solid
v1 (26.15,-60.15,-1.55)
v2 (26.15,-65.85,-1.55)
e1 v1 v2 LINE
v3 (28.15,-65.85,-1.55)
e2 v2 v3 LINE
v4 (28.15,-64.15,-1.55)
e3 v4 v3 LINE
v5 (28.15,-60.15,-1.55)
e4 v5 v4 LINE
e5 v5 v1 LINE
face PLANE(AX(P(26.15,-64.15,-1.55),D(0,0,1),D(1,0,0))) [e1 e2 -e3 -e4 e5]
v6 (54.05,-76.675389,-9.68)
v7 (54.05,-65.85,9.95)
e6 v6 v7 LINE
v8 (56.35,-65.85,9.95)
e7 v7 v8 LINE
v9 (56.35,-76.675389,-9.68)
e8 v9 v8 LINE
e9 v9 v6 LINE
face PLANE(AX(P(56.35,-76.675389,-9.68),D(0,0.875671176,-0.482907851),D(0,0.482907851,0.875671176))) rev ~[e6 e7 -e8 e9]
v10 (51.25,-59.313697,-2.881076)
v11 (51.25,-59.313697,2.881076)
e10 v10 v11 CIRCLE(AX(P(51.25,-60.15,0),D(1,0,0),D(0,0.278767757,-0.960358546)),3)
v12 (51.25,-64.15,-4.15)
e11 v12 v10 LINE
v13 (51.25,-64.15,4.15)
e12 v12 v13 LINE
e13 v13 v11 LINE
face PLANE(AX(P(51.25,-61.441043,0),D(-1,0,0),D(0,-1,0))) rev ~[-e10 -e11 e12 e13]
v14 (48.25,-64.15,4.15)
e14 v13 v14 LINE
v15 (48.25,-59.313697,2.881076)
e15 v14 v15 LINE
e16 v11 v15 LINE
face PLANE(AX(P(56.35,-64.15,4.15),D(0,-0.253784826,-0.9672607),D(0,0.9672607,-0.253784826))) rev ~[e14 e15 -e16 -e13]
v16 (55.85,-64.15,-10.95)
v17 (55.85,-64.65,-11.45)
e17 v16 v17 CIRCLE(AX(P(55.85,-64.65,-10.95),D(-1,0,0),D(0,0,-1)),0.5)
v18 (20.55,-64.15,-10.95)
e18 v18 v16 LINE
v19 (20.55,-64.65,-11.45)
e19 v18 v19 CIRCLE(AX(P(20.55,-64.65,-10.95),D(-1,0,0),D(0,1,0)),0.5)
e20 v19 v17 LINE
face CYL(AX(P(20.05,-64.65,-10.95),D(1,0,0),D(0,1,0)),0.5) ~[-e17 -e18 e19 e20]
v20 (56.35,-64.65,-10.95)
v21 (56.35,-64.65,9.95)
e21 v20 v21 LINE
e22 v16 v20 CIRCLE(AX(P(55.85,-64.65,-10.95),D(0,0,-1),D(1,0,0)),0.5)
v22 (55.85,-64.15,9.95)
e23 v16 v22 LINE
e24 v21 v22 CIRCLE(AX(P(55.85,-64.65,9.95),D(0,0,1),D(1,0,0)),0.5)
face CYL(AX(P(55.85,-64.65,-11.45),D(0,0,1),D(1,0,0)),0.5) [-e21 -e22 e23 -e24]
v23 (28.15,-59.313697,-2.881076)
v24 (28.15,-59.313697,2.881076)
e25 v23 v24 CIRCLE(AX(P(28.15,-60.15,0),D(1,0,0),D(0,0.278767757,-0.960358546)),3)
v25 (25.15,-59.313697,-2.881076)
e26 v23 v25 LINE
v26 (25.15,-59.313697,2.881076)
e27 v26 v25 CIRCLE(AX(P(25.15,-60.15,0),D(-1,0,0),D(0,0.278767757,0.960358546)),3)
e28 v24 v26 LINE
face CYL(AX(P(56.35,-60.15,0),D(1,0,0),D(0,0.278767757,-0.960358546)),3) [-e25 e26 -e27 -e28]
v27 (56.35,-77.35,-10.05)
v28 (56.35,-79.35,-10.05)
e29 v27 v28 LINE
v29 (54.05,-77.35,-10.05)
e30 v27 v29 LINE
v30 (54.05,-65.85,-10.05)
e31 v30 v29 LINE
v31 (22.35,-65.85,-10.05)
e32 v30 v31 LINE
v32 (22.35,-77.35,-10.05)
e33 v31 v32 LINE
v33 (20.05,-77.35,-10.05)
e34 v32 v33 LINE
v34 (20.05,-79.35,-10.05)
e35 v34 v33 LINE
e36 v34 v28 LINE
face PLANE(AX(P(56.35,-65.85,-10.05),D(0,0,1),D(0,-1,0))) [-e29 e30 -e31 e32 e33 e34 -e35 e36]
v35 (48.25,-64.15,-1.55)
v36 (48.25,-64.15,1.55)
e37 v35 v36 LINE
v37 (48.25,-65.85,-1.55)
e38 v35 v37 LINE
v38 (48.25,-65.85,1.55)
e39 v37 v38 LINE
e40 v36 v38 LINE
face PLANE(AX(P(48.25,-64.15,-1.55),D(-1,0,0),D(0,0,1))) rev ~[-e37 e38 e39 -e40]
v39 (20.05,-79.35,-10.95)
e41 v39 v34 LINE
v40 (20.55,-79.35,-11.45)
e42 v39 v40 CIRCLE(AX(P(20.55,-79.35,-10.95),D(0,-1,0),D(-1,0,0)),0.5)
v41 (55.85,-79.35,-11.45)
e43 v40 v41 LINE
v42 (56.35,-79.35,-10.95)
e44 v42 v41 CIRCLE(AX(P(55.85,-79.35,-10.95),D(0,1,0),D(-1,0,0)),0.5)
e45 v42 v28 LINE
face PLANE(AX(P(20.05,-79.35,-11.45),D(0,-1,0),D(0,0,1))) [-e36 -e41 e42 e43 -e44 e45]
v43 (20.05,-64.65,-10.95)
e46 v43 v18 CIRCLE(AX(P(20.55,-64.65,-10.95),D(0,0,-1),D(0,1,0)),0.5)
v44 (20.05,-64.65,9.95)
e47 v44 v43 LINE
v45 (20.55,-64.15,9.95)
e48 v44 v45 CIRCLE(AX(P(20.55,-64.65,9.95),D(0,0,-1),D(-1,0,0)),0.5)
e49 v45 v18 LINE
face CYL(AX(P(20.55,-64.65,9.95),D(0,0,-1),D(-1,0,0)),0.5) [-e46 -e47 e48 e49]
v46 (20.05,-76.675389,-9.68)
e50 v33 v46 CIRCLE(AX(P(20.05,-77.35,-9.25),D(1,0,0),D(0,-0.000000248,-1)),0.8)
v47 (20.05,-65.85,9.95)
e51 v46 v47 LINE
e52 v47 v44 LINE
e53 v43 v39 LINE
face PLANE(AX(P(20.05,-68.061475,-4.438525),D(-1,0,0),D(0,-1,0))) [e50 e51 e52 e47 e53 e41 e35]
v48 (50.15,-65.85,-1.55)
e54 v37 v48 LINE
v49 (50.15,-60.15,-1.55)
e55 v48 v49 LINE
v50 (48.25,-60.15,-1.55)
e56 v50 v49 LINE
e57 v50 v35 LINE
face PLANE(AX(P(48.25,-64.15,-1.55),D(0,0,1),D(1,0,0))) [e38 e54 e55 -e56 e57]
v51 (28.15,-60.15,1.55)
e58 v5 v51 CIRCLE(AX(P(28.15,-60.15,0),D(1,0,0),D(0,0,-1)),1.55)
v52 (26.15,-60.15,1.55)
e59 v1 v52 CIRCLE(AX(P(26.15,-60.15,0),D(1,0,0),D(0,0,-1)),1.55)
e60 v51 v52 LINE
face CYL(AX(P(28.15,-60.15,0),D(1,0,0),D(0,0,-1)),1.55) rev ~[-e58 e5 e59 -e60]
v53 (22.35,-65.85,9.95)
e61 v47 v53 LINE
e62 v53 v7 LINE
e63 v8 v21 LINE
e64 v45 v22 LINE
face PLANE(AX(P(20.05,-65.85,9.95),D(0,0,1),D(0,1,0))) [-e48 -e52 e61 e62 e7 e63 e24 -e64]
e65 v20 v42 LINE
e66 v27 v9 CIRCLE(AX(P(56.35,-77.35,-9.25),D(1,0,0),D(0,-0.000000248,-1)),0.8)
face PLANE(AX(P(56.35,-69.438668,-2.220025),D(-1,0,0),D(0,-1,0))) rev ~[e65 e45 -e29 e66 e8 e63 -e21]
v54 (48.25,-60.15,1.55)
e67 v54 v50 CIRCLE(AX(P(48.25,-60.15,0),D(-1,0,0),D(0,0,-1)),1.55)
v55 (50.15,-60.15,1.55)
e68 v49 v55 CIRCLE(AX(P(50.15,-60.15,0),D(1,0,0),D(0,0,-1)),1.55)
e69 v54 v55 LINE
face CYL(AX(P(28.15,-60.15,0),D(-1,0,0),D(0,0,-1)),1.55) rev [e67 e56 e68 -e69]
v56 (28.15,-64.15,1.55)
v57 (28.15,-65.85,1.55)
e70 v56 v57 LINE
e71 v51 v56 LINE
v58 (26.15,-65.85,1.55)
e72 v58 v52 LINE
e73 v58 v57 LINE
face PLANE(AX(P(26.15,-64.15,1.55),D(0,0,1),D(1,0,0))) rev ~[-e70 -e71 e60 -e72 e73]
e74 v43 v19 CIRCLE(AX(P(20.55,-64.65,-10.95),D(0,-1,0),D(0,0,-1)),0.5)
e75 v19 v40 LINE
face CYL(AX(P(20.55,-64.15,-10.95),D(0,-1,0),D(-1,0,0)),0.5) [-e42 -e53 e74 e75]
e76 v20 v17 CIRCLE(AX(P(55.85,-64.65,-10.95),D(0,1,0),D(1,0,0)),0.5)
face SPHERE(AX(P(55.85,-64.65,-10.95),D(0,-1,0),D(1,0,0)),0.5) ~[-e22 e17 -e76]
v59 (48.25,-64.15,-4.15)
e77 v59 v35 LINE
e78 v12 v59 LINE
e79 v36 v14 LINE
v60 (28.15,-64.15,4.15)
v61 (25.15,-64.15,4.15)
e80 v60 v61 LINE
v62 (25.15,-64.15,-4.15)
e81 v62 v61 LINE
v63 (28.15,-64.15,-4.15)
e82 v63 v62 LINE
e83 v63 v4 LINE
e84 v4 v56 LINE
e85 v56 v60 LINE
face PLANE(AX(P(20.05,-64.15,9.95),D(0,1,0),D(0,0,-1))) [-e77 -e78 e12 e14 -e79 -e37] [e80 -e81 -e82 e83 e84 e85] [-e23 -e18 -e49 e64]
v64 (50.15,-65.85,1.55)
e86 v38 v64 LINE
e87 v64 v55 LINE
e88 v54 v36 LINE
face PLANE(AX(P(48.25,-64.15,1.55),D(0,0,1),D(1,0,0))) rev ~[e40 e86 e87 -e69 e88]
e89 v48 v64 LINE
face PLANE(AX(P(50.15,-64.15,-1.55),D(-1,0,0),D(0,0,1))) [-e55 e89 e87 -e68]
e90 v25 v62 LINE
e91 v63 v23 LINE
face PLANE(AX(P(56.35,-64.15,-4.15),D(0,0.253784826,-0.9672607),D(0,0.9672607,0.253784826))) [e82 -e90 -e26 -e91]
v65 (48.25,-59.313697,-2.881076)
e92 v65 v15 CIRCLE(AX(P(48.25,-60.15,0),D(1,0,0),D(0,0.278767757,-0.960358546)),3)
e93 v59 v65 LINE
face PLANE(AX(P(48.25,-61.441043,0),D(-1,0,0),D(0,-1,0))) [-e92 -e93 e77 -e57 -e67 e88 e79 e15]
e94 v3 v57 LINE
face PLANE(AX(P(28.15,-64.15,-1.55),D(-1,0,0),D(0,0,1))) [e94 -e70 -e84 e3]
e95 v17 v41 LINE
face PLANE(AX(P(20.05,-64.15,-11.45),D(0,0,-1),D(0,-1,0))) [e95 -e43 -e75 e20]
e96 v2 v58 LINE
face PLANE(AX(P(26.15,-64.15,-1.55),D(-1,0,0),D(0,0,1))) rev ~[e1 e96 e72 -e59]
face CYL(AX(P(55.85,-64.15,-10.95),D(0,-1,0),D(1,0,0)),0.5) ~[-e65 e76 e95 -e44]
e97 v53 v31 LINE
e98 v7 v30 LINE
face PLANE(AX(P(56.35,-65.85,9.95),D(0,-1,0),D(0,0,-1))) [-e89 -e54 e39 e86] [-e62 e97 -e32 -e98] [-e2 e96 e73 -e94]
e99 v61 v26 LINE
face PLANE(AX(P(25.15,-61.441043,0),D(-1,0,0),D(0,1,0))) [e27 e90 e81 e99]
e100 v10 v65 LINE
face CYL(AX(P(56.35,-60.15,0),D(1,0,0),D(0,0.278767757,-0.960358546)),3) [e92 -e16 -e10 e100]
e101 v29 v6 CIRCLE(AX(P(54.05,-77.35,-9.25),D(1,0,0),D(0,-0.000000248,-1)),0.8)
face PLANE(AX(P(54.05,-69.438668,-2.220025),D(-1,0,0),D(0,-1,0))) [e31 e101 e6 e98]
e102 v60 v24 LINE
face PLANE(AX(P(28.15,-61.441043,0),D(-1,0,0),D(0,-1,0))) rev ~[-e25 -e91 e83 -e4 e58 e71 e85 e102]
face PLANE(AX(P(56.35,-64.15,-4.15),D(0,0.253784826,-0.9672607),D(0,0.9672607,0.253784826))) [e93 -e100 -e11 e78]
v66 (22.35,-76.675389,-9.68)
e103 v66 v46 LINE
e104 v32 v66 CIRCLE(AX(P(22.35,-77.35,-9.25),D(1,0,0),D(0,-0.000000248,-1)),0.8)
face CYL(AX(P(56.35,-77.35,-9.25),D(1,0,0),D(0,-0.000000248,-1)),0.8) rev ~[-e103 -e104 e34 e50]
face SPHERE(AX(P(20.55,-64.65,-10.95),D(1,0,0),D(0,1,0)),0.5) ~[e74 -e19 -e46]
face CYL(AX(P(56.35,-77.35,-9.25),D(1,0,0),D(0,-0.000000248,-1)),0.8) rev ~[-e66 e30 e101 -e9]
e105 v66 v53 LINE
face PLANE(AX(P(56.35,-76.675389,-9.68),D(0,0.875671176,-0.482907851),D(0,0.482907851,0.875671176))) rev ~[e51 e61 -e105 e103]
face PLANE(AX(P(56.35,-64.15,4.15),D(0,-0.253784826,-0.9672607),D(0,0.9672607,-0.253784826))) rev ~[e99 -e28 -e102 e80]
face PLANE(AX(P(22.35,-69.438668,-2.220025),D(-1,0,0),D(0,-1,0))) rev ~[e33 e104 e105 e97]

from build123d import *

# Parameters (mm, degrees)
PAD144_DEPTH            = 36.3
PAD145_DEPTH            = 36.3
POCKET111_DEPTH         = 28.2
PAD146_DEPTH            = 8.1
POCKET112_DEPTH         = 5.1
POCKET113_DEPTH         = 5.1
POCKET114_DEPTH         = 2
POCKET115_DEPTH         = 22
SKETCH252_W             = 3.1
SKETCH252_H             = 1.9
SKETCH252_H_2           = 2
POCKET116_DEPTH         = 1.7
PAD147_DEPTH            = 36.3
POCKET117_DEPTH         = 34
PAD148_DEPTH            = 2.3
FILLET047_R             = 0.5
BODY021_ROLL_ANGLE      = 90
BODY021_PLACEMENT_ANGLE = 90


with BuildPart() as part:
    # Sketch248 → Pad144 (new body)
    with BuildSketch(Plane.XY):
        Polygon((0, 0), (0, 1.4), (13.5, 1.4), (13.5, 21.4), (15.2, 21.4), (15.2, 0), align=None)
    extrude(amount=PAD144_DEPTH)

    # Sketch249 (on Face8 of Pad144) → Pad145 (join)
    with BuildSketch(Plane.XY.offset(36.3)):
        with BuildLine():
            Line((15.2, 15.6), (20.036303, 14.331076))
            ThreePointArc((20.036303, 8.568924), (22.2, 11.45), (20.036303, 14.331076))
            Line((15.2, 7.3), (20.036303, 8.568924))
            Line((15.2, 7.3), (15.2, 15.6))
        make_face()
    extrude(amount=-PAD145_DEPTH)

    # Sketch249 (on Face8 of Pad144) → Pocket111 (cut)
    with BuildSketch(Plane.XY.offset(36.3)):
        with BuildLine():
            Line((15.2, 15.6), (20.036303, 14.331076))
            ThreePointArc((20.036303, 8.568924), (22.2, 11.45), (20.036303, 14.331076))
            Line((15.2, 7.3), (20.036303, 8.568924))
            Line((15.2, 7.3), (15.2, 15.6))
        make_face()
    extrude(amount=-POCKET111_DEPTH, mode=Mode.SUBTRACT)

    # Sketch249 (on Face8 of Pad144) → Pad146 (join)
    with BuildSketch(Plane.XY.offset(36.3)):
        with BuildLine():
            Line((15.2, 15.6), (20.036303, 14.331076))
            ThreePointArc((20.036303, 8.568924), (22.2, 11.45), (20.036303, 14.331076))
            Line((15.2, 7.3), (20.036303, 8.568924))
            Line((15.2, 7.3), (15.2, 15.6))
        make_face()
    extrude(amount=-PAD146_DEPTH)

    # Sketch249 (on Face8 of Pad144) → Pocket112 (cut)
    with BuildSketch(Plane.XY.offset(36.3)):
        with BuildLine():
            Line((15.2, 15.6), (20.036303, 14.331076))
            ThreePointArc((20.036303, 8.568924), (22.2, 11.45), (20.036303, 14.331076))
            Line((15.2, 7.3), (20.036303, 8.568924))
            Line((15.2, 7.3), (15.2, 15.6))
        make_face()
    extrude(amount=-POCKET112_DEPTH, mode=Mode.SUBTRACT)

    # Sketch250 (on Face4 of Pocket112) → Pocket113 (cut)
    with BuildSketch(Plane(origin=(0, 0, 0), x_dir=(1, 0, 0), z_dir=(0, 0, -1))):
        with BuildLine():
            Line((20.036303, -8.568924), (15.2, -7.3))
            Line((15.2, -7.3), (15.2, -15.6))
            Line((15.2, -15.6), (20.036303, -14.331076))
            ThreePointArc((20.036303, -14.331076), (22.2, -11.45), (20.036303, -8.568924))
        make_face()
    extrude(amount=-POCKET113_DEPTH, mode=Mode.SUBTRACT)

    # Sketch251 (on Face15 of Pocket113) → Pocket114 (cut)
    with BuildSketch(Plane.XY.offset(8.1)):
        with BuildLine():
            ThreePointArc((19.2, 9.9), (20.75, 11.45), (19.2, 13))
            Line((19.2, 13), (15.2, 13))
            Line((15.2, 9.9), (15.2, 13))
            Line((19.2, 9.9), (15.2, 9.9))
        make_face()
    extrude(amount=-POCKET114_DEPTH, mode=Mode.SUBTRACT)

    # Sketch251 (on Face15 of Pocket113) → Pocket115 (cut)
    with BuildSketch(Plane.XY.offset(8.1)):
        with BuildLine():
            ThreePointArc((19.2, 9.9), (20.75, 11.45), (19.2, 13))
            Line((19.2, 13), (15.2, 13))
            Line((15.2, 9.9), (15.2, 13))
            Line((19.2, 9.9), (15.2, 9.9))
        make_face()
    extrude(amount=POCKET115_DEPTH, mode=Mode.SUBTRACT)

    # Sketch252 (on Face8 of Pocket115) → Pocket116 (cut)
    with BuildSketch(Plane.YZ.offset(15.2)):
        with Locations((11.45, 29.15)):
            Rectangle(SKETCH252_W, SKETCH252_H)
        with Locations((11.45, 7.1)):
            Rectangle(SKETCH252_W, SKETCH252_H_2)
    extrude(amount=-POCKET116_DEPTH, mode=Mode.SUBTRACT)

    # Sketch253 (on Face5 of Pocket116) → Pad147 (join)
    with BuildSketch(Plane.XY.offset(36.3)):
        with BuildLine():
            Line((13.5, 21.4), (13.5, 1.4))
            Line((13.5, 1.4), (2, 1.4))
            ThreePointArc((2, 1.4), (2.384708, 1.498573), (2.674611, 1.77))
            Line((2.674611, 1.77), (13.5, 21.4))
        make_face()
    extrude(amount=-PAD147_DEPTH)

    # Sketch253 (on Face5 of Pocket116) → Pocket117 (cut)
    with BuildSketch(Plane.XY.offset(36.3)):
        with BuildLine():
            Line((13.5, 21.4), (13.5, 1.4))
            Line((13.5, 1.4), (2, 1.4))
            ThreePointArc((2, 1.4), (2.384708, 1.498573), (2.674611, 1.77))
            Line((2.674611, 1.77), (13.5, 21.4))
        make_face()
    extrude(amount=-POCKET117_DEPTH, mode=Mode.SUBTRACT)

    # Sketch253 (on Face5 of Pocket116) → Pad148 (join)
    with BuildSketch(Plane.XY.offset(36.3)):
        with BuildLine():
            Line((13.5, 21.4), (13.5, 1.4))
            Line((13.5, 1.4), (2, 1.4))
            ThreePointArc((2, 1.4), (2.384708, 1.498573), (2.674611, 1.77))
            Line((2.674611, 1.77), (13.5, 21.4))
        make_face()
    extrude(amount=-PAD148_DEPTH)

    # Fillet047
    fillet047_edges = [part.edges().sort_by_distance(p)[0] for p in [
        (7.6, 0, 36.3),
        (15.2, 10.7, 36.3),
        (15.2, 0, 18.15),
        (15.2, 10.7, 0),
        (7.6, 0, 0),
    ]]
    fillet(fillet047_edges, radius=FILLET047_R)


with BuildPart() as part_1:
    # Body021 roll: moved
    add(part.part.rotate(Axis((0, 0, 0), (1, 0, 0)), BODY021_ROLL_ANGLE))


with BuildPart() as part_2:
    # Body021 placement: moved
    add(part_1.part.moved(Location((20.05, -79.35, -11.45))).rotate(Axis((20.05, -79.35, -11.45), (0, 0, 1)), BODY021_PLACEMENT_ANGLE))


solid = part_2.part
